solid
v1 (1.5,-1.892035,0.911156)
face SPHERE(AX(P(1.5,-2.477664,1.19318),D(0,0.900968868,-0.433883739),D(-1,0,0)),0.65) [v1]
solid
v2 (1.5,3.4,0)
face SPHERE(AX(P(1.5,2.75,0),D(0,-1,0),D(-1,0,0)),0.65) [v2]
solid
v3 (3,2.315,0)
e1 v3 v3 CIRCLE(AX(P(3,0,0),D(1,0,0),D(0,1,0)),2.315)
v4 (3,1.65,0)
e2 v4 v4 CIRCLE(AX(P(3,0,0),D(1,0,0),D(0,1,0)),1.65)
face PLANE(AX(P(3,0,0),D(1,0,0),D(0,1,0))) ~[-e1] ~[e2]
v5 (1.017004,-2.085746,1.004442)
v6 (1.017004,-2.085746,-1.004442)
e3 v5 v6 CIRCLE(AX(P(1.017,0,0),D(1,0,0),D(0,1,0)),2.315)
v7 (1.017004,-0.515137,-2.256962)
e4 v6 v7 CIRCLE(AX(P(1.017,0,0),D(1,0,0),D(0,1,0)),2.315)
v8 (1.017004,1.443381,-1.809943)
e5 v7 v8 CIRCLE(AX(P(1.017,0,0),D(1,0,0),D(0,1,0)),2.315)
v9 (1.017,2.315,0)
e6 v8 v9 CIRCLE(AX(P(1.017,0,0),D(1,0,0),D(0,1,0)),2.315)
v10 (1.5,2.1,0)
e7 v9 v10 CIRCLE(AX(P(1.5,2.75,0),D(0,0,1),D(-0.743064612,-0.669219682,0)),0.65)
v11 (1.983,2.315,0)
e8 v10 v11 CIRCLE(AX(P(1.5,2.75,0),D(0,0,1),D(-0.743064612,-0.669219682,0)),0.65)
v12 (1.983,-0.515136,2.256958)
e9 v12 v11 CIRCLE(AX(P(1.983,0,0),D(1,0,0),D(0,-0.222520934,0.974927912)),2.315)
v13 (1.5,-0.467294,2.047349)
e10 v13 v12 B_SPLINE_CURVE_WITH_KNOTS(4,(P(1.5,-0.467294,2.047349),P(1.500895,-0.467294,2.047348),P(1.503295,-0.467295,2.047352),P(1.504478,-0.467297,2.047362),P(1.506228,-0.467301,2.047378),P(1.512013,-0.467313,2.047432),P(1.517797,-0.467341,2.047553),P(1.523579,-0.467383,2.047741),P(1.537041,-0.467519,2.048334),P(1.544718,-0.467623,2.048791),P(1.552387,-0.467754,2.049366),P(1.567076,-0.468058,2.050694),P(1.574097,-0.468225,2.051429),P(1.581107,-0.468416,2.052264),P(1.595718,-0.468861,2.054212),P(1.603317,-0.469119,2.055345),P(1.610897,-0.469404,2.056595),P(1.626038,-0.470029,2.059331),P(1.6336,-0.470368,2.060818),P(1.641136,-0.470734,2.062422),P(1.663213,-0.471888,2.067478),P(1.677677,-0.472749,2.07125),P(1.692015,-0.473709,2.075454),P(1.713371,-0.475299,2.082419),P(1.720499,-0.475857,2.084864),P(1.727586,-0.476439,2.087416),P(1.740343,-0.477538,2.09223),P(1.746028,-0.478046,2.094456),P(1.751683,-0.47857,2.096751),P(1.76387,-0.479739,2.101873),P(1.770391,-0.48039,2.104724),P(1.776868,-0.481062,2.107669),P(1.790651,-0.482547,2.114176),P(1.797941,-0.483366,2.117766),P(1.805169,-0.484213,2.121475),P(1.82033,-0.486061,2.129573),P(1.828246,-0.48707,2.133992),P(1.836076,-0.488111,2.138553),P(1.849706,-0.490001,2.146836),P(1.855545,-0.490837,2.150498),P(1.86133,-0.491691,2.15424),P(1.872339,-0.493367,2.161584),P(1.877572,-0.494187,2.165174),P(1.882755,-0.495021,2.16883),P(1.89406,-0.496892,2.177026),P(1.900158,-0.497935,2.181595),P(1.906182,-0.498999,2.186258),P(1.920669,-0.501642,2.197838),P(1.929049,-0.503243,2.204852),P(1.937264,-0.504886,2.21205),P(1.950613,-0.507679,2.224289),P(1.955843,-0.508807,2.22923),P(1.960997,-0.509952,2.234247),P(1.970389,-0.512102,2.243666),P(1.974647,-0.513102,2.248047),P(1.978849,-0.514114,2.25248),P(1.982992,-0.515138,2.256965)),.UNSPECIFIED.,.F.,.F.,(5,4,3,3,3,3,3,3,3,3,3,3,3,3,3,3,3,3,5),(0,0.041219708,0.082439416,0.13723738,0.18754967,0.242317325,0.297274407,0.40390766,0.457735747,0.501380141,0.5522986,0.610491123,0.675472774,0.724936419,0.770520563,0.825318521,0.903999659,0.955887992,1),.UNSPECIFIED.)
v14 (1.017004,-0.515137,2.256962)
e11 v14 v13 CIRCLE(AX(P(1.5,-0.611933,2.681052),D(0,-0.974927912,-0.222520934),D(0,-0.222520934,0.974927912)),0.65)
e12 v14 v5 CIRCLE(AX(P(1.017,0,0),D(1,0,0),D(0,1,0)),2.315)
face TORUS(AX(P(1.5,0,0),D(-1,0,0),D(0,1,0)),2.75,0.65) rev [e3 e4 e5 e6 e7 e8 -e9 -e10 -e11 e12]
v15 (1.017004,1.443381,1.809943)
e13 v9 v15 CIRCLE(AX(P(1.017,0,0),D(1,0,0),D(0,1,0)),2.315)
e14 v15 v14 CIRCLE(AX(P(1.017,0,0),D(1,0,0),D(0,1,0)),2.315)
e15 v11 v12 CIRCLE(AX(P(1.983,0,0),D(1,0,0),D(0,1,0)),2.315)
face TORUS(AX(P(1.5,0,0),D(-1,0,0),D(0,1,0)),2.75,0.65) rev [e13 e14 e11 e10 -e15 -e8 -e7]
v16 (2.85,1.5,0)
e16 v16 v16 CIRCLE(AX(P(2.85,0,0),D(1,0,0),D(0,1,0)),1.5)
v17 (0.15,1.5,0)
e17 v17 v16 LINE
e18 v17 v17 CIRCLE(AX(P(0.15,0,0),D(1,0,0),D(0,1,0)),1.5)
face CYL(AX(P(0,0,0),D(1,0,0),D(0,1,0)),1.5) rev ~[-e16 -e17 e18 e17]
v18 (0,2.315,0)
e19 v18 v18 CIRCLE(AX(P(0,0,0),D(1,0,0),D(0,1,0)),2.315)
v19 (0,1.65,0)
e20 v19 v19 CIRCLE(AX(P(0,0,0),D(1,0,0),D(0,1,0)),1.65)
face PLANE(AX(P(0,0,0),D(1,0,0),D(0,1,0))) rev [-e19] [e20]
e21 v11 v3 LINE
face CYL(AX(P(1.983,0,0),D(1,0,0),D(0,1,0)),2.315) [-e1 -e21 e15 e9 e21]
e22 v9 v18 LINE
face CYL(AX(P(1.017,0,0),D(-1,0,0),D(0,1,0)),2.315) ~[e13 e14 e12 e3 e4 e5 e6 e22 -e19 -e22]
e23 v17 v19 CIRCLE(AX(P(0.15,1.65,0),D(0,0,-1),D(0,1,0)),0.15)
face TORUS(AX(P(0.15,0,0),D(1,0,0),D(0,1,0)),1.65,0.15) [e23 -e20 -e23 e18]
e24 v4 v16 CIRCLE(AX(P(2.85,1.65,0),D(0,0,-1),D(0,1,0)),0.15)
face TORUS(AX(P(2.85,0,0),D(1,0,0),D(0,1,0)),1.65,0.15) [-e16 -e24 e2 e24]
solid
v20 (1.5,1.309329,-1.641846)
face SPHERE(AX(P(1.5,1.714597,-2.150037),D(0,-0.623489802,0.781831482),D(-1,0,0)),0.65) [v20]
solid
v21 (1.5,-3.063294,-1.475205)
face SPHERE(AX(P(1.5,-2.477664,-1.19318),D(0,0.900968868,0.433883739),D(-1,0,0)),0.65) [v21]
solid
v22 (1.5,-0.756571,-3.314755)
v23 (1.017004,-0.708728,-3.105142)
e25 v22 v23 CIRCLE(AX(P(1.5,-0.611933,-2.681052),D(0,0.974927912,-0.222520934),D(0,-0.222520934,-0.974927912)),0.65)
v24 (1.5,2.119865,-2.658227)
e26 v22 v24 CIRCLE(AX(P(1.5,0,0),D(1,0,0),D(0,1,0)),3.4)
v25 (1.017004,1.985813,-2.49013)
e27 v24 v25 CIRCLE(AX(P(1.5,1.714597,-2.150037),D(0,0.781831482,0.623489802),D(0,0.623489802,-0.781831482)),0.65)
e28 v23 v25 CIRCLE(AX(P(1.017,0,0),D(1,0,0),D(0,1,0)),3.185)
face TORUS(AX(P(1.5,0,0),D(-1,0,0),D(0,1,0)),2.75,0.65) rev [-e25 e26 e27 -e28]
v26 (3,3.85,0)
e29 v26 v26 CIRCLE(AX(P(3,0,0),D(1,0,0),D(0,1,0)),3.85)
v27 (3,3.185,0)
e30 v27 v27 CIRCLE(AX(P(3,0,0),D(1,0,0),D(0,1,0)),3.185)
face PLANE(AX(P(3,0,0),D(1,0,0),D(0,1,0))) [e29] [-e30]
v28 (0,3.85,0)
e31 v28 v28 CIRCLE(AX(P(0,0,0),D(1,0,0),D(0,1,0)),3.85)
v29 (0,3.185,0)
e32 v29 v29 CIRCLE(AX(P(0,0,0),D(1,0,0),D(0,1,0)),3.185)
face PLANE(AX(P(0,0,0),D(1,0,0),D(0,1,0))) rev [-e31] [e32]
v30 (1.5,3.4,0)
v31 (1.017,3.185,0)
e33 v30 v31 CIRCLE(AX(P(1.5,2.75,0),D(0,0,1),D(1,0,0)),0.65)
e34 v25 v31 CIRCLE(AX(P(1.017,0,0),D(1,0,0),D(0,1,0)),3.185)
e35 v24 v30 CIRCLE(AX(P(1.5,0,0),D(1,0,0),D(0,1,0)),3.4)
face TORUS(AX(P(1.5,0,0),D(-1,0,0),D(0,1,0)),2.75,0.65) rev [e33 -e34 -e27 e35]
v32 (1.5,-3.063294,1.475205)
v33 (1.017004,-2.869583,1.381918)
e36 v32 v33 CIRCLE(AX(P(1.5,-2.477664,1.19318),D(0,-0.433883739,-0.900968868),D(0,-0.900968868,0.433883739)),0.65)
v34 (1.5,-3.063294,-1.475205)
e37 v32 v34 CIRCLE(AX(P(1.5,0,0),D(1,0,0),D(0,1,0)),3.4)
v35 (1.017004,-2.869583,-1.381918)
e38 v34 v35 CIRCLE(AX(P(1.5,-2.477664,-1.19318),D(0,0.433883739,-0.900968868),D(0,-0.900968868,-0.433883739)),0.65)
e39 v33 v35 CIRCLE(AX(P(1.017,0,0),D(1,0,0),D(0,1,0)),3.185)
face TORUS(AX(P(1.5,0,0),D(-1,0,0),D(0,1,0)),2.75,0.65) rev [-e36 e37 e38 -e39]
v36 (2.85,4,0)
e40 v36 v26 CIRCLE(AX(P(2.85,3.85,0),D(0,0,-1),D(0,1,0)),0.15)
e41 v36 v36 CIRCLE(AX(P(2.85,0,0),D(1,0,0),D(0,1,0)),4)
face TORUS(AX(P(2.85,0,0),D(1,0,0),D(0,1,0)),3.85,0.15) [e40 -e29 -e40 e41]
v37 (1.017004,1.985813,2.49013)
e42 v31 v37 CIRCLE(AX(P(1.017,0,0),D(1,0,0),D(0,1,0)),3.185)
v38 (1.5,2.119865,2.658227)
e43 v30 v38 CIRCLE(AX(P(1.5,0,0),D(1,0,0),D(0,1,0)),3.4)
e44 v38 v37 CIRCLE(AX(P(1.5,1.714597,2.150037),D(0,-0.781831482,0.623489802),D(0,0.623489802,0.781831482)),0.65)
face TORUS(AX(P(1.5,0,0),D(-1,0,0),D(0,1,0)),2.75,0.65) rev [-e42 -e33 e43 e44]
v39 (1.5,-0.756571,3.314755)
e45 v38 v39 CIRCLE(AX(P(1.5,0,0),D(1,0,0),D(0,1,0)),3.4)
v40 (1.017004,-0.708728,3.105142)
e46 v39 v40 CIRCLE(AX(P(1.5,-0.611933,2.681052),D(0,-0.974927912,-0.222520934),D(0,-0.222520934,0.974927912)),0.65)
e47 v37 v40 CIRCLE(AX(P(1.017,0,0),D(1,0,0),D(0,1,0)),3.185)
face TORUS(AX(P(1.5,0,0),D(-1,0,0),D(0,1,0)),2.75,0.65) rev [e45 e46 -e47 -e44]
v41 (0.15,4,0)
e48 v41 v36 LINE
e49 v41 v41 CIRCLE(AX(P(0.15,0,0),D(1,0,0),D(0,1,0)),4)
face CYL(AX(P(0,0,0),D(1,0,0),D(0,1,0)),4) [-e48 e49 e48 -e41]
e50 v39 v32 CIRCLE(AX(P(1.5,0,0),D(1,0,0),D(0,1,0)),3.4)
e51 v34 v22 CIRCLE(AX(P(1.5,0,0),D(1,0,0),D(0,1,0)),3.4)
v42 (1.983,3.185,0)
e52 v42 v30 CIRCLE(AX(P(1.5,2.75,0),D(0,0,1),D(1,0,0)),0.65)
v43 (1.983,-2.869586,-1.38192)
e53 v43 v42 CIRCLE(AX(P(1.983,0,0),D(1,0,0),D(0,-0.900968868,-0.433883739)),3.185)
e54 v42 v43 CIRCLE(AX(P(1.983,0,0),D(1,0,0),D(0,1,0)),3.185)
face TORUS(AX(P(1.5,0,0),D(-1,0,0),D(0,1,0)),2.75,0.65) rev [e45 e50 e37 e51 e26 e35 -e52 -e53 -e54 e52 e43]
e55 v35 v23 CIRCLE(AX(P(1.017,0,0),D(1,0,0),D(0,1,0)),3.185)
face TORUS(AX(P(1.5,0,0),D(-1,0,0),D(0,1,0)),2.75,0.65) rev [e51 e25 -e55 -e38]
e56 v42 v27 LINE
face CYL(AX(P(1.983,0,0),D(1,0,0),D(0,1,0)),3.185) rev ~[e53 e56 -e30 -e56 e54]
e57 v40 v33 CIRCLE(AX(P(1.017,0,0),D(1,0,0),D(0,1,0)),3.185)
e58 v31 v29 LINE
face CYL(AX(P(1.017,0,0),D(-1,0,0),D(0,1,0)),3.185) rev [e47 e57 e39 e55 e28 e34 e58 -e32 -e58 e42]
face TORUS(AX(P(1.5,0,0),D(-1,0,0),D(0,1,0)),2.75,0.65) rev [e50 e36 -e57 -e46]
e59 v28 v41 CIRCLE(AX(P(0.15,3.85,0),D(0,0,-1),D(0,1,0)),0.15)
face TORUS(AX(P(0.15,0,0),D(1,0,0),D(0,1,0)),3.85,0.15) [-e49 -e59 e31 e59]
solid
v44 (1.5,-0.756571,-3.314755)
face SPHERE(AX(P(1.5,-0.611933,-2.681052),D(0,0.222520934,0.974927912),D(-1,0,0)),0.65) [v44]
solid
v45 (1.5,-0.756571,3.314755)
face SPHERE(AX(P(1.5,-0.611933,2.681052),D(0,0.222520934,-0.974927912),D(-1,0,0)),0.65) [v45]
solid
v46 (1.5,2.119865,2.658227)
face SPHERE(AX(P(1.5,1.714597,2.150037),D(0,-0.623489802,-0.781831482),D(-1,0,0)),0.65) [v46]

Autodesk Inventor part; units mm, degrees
ref_plane "YZ Plane" through (0, 0, 0) normal (1, 0, 0) x (0, 1, 0)
ref_plane "XZ Plane" through (0, 0, 0) normal (0, 1, 0) x (-1, 0, 0)
ref_plane "XY Plane" through (0, 0, 0) normal (0, 0, 1) x (1, 0, 0)
sketch "Skizze" plane through (0, 0, 0) normal (0, 0, 1) x (1, 0, 0)
  circle A0 centre (1.5, 2.75) radius 0.65
  line L0 (0.85, 2.75) -> (2.15, 2.75)
  line L1 (1.5, 2.75) -> (1.5, 2.1)
  line L2 (1.5, 2.75) -> (1.5, 3.4)
  line L3 (1.017, 2.315) -> (0, 2.315)
  line L4 (0, 1.5) -> (3, 1.5)
  line L5 (1.017, 3.185) -> (0, 3.185)
  line L6 (0, 4) -> (3, 4)
  line L7 (1.983, 2.315) -> (3, 2.315)
  line L8 (3, 1.5) -> (3, 2.315)
  line L9 (1.983, 3.185) -> (3, 3.185)
  line L10 (3, 4) -> (3, 3.185)
  line L11 (-1.4, 0) -> (8.4, 0) projected
  line L12 (0, -0.3) -> (0, 5.3) projected
  dimension "d0" = 1.3
  dimension "d9" = 3
  dimension "d11" = 8
  dimension "d12" = 3
  dimension "d13" = 4.63
revolve "Körper" add sketch "Skizze" angle 360 about axis through (-10, 0, 0) along (1, 0, 0) contours A0 L5 L12 L6 L10 L9 | L7 L8 L4 L12 L3 A0
fillet "Rundung1" radius 0.15 4 edges at (0, -1.5, 0) (3, -1.5, 0) (0, -4, 0) (3, -4, 0)
revolve "Kugel" add sketch "Skizze" angle 360 about axis through (1.5, 2.75, 0) along (0, -1, 0) picked at (1.1477, 2.5033) picked at (1.1477, 2.9967) contours L1 A0 L0 | L0 A0 L2
pattern_circular "Kugeln" count 7 over 360 about axis through (-10, 0, 0) along (1, 0, 0) of "Kugel"
equation "\"d0\" = -0.26 * WD + 0.26 * BD"
equation "\"d9\" = WD"
equation "\"d11\" = BD"
equation "\"d12\" = KB"
equation "\"d13\" = 0.326 * BD + 0.674 * WD"
equation "\"d1\" = KRS"
equation "\"WD\" = 3"
equation "\"BD\" = 8"
equation "\"KB\" = 3"
equation "\"KRS\" = 0.15"
equation "\"BBA\" = 0"
equation "\"BR\" = 0.5 * BD"
equation "\"WR\" = 0.5 * WD"
properties part number "CSN 02 4630 - 619/3" material "Steel, Mild"
